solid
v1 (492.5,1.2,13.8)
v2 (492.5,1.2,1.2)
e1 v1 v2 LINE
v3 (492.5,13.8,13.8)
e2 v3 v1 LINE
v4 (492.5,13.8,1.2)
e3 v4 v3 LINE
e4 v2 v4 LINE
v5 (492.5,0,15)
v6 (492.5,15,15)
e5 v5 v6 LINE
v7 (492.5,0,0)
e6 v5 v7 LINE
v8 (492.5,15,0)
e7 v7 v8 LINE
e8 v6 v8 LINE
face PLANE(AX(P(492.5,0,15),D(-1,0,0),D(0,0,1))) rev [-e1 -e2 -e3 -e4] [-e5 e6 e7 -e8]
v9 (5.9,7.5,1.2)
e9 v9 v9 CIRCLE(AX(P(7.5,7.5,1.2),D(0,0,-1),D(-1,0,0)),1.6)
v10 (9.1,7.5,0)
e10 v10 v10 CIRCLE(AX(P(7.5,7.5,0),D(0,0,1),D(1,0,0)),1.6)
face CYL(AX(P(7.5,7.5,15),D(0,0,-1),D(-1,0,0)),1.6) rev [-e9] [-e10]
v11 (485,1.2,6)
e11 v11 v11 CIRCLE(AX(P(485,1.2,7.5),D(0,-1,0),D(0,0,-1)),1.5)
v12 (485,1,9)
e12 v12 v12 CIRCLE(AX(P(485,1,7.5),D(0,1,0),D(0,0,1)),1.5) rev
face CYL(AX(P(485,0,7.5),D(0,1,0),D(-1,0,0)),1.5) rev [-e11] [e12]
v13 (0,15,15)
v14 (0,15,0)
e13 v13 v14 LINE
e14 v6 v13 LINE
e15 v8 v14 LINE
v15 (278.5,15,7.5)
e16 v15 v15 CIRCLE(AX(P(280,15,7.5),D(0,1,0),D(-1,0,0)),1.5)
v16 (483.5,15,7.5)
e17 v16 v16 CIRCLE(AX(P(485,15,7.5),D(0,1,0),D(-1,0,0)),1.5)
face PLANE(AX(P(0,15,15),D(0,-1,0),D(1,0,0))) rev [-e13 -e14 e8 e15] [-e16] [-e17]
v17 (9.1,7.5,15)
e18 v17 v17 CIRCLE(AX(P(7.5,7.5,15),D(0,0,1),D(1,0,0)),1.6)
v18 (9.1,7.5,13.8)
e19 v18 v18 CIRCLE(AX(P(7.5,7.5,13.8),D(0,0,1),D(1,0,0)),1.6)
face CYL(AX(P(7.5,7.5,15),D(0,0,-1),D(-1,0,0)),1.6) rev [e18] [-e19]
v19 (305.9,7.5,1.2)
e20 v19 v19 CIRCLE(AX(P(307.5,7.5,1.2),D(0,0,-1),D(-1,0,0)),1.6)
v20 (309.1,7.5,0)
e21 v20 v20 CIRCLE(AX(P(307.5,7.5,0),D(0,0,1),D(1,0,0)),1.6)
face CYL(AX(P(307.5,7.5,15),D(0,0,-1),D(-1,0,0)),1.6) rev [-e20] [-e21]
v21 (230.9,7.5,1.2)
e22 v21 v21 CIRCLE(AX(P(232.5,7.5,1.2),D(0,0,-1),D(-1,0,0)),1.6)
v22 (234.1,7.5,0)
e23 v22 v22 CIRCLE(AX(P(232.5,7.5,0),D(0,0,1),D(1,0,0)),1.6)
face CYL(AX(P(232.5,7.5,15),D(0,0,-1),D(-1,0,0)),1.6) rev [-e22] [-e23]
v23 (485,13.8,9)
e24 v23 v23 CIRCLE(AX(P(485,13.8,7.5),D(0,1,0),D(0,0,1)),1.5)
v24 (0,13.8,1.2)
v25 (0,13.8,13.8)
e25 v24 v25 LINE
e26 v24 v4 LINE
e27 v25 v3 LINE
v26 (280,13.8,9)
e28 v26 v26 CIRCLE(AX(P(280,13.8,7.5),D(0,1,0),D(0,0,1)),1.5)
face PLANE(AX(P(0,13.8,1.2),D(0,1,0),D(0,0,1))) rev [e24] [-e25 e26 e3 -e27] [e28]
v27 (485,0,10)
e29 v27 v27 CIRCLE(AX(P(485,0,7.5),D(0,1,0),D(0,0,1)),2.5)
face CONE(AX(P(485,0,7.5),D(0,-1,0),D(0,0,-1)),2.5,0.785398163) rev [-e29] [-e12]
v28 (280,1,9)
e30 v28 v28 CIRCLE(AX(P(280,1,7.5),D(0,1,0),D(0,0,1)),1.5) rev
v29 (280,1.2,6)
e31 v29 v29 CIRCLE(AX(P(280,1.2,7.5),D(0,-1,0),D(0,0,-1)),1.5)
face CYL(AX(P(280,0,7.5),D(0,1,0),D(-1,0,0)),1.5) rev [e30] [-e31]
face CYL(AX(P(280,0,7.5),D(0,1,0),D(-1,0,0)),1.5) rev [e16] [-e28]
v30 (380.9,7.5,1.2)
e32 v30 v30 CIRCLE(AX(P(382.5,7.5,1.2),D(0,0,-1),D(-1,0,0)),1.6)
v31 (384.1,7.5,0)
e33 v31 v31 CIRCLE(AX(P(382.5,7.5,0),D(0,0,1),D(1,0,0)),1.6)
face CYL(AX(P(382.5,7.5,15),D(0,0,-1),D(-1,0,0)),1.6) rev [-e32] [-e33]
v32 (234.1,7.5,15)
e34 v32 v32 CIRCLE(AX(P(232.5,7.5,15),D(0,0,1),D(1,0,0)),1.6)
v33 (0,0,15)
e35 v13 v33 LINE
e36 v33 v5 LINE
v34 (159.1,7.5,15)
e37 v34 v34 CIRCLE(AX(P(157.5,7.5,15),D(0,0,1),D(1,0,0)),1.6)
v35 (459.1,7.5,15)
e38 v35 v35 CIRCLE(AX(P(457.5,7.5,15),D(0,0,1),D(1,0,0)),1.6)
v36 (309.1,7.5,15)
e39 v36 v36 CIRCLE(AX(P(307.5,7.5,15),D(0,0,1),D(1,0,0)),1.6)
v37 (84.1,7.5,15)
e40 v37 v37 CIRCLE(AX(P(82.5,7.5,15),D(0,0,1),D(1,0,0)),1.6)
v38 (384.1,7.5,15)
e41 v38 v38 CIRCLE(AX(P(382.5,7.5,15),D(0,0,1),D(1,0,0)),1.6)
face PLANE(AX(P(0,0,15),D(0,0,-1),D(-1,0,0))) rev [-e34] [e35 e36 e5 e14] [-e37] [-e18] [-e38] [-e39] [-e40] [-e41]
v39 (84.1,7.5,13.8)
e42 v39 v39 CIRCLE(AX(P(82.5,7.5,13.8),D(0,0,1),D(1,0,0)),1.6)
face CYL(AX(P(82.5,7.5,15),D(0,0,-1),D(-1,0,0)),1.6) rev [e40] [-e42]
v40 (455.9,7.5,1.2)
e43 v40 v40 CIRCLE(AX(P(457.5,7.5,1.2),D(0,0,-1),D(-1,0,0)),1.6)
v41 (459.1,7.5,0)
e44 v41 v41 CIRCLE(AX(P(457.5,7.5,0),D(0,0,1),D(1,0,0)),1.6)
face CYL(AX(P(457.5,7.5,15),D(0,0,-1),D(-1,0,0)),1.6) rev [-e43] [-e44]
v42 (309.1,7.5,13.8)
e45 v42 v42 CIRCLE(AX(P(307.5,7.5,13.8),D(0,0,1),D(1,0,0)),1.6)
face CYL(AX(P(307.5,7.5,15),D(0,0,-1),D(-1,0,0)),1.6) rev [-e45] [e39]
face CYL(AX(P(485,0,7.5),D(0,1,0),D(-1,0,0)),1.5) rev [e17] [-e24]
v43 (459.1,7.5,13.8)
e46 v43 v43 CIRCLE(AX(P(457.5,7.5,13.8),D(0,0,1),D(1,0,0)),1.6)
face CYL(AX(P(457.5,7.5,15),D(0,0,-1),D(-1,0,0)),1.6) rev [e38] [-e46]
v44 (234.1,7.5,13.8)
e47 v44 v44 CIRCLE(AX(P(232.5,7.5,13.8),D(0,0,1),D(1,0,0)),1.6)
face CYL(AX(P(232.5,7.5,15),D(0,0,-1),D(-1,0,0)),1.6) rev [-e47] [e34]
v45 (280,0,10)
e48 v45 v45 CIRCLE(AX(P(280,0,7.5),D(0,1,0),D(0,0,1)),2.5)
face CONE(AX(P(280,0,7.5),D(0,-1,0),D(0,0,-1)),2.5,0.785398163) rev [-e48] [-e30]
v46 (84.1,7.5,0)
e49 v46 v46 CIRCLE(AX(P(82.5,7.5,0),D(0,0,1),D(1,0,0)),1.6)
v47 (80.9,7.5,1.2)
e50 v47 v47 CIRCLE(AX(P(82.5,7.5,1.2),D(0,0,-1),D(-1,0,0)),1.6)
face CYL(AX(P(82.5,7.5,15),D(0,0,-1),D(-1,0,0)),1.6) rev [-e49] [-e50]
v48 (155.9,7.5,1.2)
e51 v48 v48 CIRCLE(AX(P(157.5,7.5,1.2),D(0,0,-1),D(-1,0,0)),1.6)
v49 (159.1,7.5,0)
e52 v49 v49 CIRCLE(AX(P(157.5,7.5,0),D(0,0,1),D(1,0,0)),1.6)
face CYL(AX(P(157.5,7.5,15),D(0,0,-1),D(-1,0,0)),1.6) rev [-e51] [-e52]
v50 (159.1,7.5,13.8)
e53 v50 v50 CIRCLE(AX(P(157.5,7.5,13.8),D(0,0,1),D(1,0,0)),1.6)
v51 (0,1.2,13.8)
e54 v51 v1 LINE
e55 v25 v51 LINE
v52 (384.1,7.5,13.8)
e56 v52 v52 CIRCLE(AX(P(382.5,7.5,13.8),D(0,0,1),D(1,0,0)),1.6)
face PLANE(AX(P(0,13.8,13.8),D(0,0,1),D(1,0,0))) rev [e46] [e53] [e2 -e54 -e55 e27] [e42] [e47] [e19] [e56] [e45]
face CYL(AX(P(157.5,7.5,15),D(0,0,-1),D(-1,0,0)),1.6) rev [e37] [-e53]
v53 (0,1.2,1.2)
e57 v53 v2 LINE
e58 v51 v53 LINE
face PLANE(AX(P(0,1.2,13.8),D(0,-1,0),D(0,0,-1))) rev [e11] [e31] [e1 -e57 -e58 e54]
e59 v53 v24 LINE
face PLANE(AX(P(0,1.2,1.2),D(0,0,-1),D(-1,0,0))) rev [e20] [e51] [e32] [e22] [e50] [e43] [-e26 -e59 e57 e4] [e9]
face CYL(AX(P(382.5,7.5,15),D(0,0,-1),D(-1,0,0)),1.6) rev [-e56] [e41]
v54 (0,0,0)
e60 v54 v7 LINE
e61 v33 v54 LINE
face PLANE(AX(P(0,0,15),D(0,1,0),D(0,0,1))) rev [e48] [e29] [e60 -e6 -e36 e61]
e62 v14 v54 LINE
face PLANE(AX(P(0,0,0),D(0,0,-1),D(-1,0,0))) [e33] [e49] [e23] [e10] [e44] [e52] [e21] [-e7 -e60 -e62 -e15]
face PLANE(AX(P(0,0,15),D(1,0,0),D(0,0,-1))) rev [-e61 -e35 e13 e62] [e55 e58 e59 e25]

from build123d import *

# Parameters (mm, degrees)
SKETCH_2_W          = 492.5
SKETCH_2_H          = 15
SKETCH_2_R          = 1.6
EXTRUDE_1_DEPTH     = 15
SKETCH_3_W          = 12.6
SKETCH_3_H          = 12.6
CUT_EXTRUDE_1_DEPTH = 493.956641095
SKETCH_4_R          = 1.5
CUT_EXTRUDE_2_DEPTH = 493.956641095
CHAMFER_1_SIZE      = 1


with BuildPart() as part:
    # ｽｹｯﾁ2 → ﾎﾞｽ - 押し出し1 (new body)
    with BuildSketch(Plane.XY):
        with Locations((246.25, 7.5)):
            Rectangle(SKETCH_2_W, SKETCH_2_H)
        with Locations((7.5, 7.5)):
            Circle(SKETCH_2_R, mode=Mode.SUBTRACT)
        with Locations((457.5, 7.5)):
            Circle(SKETCH_2_R, mode=Mode.SUBTRACT)
        with Locations((232.5, 7.5)):
            Circle(SKETCH_2_R, mode=Mode.SUBTRACT)
        with Locations((82.5, 7.5)):
            Circle(SKETCH_2_R, mode=Mode.SUBTRACT)
        with Locations((157.5, 7.5)):
            Circle(SKETCH_2_R, mode=Mode.SUBTRACT)
        with Locations((307.5, 7.5)):
            Circle(SKETCH_2_R, mode=Mode.SUBTRACT)
        with Locations((382.5, 7.5)):
            Circle(SKETCH_2_R, mode=Mode.SUBTRACT)
    extrude(amount=EXTRUDE_1_DEPTH)

    # ｽｹｯﾁ3 → ｶｯﾄ - 押し出し1 (cut, through all)
    with BuildSketch(Plane(origin=(492.5, 0, 0), x_dir=(0, 0, -1), z_dir=(1, 0, 0))):
        with Locations((-7.5, 7.5)):
            Rectangle(SKETCH_3_W, SKETCH_3_H)
    extrude(amount=-CUT_EXTRUDE_1_DEPTH, mode=Mode.SUBTRACT)

    # ｽｹｯﾁ4 → ｶｯﾄ - 押し出し2 (cut, through all)
    with BuildSketch(Plane(origin=(0, 15, 0), x_dir=(1, 0, 0), z_dir=(0, 1, 0))):
        with Locations(Location((280, -7.5, 0), (0, 0, 180))):
            Circle(SKETCH_4_R)
        with Locations(Location((485, -7.5, 0), (0, 0, 180))):
            Circle(SKETCH_4_R)
    extrude(amount=-CUT_EXTRUDE_2_DEPTH, mode=Mode.SUBTRACT)

    # 面取り1
    chamfer_1_edges = [part.edges().sort_by_distance(p)[0] for p in [
        (281.5, 0, 7.5),
        (486.5, 0, 7.5),
    ]]
    chamfer(chamfer_1_edges, length=CHAMFER_1_SIZE)


solid = part.part
